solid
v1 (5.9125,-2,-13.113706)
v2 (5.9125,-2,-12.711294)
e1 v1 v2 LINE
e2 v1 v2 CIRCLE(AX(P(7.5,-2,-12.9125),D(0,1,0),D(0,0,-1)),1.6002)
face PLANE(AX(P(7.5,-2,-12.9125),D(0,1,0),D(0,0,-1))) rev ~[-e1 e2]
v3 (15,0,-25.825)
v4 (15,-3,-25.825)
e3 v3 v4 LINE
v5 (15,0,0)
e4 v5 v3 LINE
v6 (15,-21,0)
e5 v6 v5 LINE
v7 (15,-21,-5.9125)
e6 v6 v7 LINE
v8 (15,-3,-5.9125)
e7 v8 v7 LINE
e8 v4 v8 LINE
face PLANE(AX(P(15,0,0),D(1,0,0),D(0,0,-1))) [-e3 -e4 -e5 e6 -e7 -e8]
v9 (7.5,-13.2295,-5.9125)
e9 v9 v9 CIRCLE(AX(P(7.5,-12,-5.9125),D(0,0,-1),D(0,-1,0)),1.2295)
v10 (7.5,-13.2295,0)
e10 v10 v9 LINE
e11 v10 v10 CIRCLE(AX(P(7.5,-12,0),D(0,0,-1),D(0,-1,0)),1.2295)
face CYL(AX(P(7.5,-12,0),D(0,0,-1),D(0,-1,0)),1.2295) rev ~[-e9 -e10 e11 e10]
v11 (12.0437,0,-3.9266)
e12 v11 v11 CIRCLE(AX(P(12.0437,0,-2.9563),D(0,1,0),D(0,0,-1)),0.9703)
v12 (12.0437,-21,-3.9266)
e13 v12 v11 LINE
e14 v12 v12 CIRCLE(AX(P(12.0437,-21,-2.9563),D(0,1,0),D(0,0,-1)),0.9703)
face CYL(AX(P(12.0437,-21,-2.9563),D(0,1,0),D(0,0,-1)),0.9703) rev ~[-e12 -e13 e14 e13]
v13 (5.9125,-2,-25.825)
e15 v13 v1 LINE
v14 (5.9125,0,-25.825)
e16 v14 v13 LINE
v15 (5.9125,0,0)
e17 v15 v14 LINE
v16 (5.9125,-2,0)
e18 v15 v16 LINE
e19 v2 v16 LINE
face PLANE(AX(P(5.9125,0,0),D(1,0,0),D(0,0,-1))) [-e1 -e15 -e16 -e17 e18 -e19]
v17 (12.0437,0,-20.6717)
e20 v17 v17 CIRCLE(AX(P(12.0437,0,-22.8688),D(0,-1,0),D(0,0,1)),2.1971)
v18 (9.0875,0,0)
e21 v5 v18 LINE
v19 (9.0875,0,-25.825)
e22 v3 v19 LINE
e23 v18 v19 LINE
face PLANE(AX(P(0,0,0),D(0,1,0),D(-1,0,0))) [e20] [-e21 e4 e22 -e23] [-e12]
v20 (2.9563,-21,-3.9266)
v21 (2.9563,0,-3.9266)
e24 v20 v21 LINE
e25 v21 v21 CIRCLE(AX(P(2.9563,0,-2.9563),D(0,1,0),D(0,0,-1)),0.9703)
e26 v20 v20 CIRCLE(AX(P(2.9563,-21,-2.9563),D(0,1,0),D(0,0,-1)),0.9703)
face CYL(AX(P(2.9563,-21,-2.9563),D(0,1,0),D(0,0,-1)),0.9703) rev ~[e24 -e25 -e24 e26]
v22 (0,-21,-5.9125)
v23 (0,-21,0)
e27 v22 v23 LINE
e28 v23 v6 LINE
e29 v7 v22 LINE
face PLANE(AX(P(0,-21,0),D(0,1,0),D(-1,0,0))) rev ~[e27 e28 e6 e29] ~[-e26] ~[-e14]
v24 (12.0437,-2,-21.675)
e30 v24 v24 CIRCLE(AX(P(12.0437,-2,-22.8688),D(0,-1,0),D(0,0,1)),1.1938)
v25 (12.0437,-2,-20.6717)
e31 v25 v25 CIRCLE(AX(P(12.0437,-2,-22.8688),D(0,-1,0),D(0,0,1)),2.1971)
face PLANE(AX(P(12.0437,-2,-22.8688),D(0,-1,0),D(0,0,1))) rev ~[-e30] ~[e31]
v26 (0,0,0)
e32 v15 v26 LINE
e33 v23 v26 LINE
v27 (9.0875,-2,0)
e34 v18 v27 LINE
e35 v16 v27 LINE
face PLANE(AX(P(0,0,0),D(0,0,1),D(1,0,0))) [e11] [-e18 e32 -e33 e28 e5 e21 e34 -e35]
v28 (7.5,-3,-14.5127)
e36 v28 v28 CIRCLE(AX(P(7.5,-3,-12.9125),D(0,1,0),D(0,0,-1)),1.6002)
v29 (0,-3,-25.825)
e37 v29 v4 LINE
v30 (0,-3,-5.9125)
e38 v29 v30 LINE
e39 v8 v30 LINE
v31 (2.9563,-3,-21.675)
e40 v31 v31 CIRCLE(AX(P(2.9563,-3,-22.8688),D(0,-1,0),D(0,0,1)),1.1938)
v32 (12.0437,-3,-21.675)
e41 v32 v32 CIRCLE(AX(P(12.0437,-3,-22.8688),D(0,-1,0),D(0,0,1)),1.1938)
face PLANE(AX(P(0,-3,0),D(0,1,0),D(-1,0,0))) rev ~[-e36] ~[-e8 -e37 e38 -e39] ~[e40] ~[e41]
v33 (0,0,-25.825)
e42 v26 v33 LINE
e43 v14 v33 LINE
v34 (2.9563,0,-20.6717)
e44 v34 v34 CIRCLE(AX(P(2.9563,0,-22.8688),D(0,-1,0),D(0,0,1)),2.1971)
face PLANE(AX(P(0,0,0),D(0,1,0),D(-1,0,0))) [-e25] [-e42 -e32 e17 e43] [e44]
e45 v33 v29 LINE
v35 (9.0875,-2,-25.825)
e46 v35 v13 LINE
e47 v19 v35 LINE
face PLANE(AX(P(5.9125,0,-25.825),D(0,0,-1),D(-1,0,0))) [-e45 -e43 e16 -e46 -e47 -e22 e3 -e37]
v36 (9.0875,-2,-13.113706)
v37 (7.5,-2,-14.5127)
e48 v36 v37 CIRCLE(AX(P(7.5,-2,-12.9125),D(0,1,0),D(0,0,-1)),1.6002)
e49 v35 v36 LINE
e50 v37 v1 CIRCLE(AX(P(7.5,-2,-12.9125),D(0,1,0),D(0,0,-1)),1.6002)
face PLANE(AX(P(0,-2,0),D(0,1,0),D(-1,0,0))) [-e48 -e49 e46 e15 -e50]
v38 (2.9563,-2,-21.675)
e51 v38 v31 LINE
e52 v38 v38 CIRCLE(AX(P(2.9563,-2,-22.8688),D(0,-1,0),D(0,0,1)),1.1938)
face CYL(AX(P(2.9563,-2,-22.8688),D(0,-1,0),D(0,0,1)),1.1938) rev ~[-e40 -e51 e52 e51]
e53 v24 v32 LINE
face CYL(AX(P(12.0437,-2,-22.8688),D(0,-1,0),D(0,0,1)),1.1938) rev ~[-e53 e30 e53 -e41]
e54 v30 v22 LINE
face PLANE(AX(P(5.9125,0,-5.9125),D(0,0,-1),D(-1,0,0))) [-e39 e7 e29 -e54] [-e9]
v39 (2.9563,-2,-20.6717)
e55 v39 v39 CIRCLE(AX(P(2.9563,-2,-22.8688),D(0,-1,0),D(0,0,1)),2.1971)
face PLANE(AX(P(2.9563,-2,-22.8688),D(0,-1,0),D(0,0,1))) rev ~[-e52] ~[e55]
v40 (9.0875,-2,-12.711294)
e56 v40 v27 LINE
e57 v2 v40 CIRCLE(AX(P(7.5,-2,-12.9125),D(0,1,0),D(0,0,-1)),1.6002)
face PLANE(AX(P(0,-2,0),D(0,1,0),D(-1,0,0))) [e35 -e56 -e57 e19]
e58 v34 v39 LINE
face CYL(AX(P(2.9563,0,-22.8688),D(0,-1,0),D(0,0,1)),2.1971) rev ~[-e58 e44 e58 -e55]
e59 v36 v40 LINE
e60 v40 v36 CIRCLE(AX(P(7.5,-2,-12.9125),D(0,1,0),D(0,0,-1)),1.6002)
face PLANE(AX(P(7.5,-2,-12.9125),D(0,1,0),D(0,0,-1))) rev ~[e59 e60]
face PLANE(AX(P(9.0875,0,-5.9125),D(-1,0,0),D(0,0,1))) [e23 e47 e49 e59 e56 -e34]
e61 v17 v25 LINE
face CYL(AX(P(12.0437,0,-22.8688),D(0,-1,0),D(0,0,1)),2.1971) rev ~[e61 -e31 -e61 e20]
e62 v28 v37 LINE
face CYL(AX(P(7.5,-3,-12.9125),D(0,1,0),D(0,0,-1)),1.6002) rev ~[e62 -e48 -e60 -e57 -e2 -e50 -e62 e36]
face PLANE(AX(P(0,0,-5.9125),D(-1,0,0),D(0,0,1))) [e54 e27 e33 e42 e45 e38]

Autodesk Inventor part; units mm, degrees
ref_plane "YZ Plane" through (0, 0, 0) normal (1, 0, 0) x (0, 1, 0)
ref_plane "XZ Plane" through (0, 0, 0) normal (0, 1, 0) x (-1, 0, 0)
ref_plane "XY Plane" through (0, 0, 0) normal (0, 0, 1) x (1, 0, 0)
sketch "Sketch1" plane through (0, 0, 0) normal (0, 1, 0) x (-1, 0, 0)
  line L0 (0, 0) -> (-15, 0)
  line L1 (-15, 0) -> (-15, -25.825)
  line L2 (-15, -25.825) -> (0, -25.825)
  line L3 (0, -25.825) -> (0, 0)
  line L4 (-7.5, -25.825) -> (-7.5, 0) construction
  circle A0 centre (-7.5, -12.9125) radius 1.5
  line L5 (-15, -5.9125) -> (0, -5.9125)
  line L6 (0, -5.9125) -> (0, -19.9125)
  line L7 (0, -19.9125) -> (-15, -19.9125)
  line L8 (-15, -19.9125) -> (-15, -5.9125)
  line L9 (-15, -5.9125) -> (0, -19.9125) construction
  line L10 (0, -5.9125) -> (-15, -19.9125) construction
  circle A1 centre (-2.9563, -22.8688) radius 1
  circle A2 centre (-12.0437, -22.8688) radius 1
  circle A3 centre (-2.9563, -2.9563) radius 1
  circle A4 centre (-12.0438, -2.9563) radius 1
  line L11 (-5.9125, -25.825) -> (-9.0875, -25.825)
  line L12 (-9.0875, -25.825) -> (-9.0875, 0)
  line L13 (-9.0875, 0) -> (-5.9125, 0)
  line L14 (-5.9125, 0) -> (-5.9125, -25.825)
  line L15 (-5.9125, -25.825) -> (-9.0875, 0) construction
  line L16 (-9.0875, -25.825) -> (-5.9125, 0) construction
  point P0 (-15, -19.9125)
  point P1 (-15, -5.9125)
  point P2 (0, -5.9125)
  point P3 (-5.9125, -25.825)
  point P4 (-9.0875, 0)
  dimension "d0" = 15
  dimension "d2" = 3
  dimension "d3" = 12.9125
  dimension "d4" = 14
  dimension "d5" = 2
  dimension "d6" = 2.9562
  dimension "d7" = 2.9562
  dimension "d8" = 2.9562
  dimension "d9" = 2
  dimension "d11" = 2.9562
  dimension "d12" = 2.9562
  dimension "d13" = 2.9562
  dimension "d25" = 5.9125
  dimension "d68" = 3.175
  dimension "d81" = 25.825
extrude "Extrusion1" add sketch "Sketch1" against normal blind 3 contours L3 L5 L14 L0 | L14 L5 L12 L0 | L3 L7 L14 L5 | L12 L5 L1 L0 | L14 L7 L12 L5 | L3 L2 L14 L7 | L12 L7 L1 L5 | L14 L2 L12 L7 | L12 L2 L1 L7 | A0 | A1 | A2 | A3 | A4
extrude "Extrusion2" add sketch "Sketch1" against normal blind 21 contours L3 L5 L14 L0 | L14 L5 L12 L0 | L12 L5 L1 L0 | A3 | A4
hole "Hole3" at (2.9563, 0, -22.8688) at (12.0437, 0, -22.8688) direction (0, -1, 0) diameter 2.3876 end through all counterbore diameter 4.3942 counterbore depth 2 clearance for "Socket Head Cap Screw" size "M2" standard "Ansi Metric M Profile"
extrude "Extrusion3" cut sketch "Sketch1" against normal blind 2 contours L14 L5 L12 L0 | L14 L7 L12 L5 | L14 L2 L12 L7 | A0
sketch "Sketch3" plane through (0, -21, 0) normal (0, -1, 0) x (1, 0, 0)
  circle A0 centre (12.0437, -2.9563) radius 1
  circle A1 centre (2.9563, -2.9563) radius 1
  line L0 (15, 0) -> (0, 0) projected
  line L1 (15, -5.9125) -> (15, 0) projected
  line L2 (0, 0) -> (0, -5.9125) projected
  dimension "d44" = 2
  dimension "d45" = 2.9562
  dimension "d46" = 2.9562
  dimension "d47" = 2.9562
hole "Hole4" at (12.0437, -21, -2.9563) at (2.9563, -21, -2.9563) direction (0, 1, 0) diameter 1.9406 end through all thread size "3-48 UNC" class "2B" standard "ANSI Unified Screw Threads"
sketch "Sketch4" plane through (0, -3, 0) normal (0, -1, 0) x (1, 0, 0)
  circle A0 centre (7.5, -12.9125) radius 1.5
  point P0 (0, 0)
  dimension "d60" = 3
hole "Hole5" at (7.5, -3, -12.9125) direction (0, 1, 0) diameter 3.2004 depth 1 clearance for "Socket Head Cap Screw" size "M3" standard "Ansi Metric M Profile"
sketch "Sketch5" plane through (0, -21, 0) normal (0, 0, 1) x (1, 0, 0)
  circle A0 centre (7.5, 9) radius 1.5
  line L0 (0, 21) -> (5.9125, 21) projected
  line L1 (0, 21) -> (0, 0) projected
  dimension "d71" = 3
  dimension "d72" = 12
  dimension "d73" = 7.5
hole "Hole6" at (7.5, -12, 0) direction (0, 0, -1) diameter 2.459 end through all thread size "M3x0.5" class "6H" standard "ANSI Metric M Profile"
equation "\"d3\" = 0.5 * d81"
equation "\"d6\" = d7"
equation "\"d7\" = -0.25 * d68 + 0.25 * d0"
equation "\"d8\" = d7"
equation "\"d11\" = d6"
equation "\"d12\" = d7"
equation "\"d13\" = d7"
equation "\"d25\" = 2 * d11"
equation "\"d45\" = d6"
equation "\"d46\" = d13"
equation "\"d47\" = d12"
properties part number "Bearing Sled" material "Aluminum 6061"
